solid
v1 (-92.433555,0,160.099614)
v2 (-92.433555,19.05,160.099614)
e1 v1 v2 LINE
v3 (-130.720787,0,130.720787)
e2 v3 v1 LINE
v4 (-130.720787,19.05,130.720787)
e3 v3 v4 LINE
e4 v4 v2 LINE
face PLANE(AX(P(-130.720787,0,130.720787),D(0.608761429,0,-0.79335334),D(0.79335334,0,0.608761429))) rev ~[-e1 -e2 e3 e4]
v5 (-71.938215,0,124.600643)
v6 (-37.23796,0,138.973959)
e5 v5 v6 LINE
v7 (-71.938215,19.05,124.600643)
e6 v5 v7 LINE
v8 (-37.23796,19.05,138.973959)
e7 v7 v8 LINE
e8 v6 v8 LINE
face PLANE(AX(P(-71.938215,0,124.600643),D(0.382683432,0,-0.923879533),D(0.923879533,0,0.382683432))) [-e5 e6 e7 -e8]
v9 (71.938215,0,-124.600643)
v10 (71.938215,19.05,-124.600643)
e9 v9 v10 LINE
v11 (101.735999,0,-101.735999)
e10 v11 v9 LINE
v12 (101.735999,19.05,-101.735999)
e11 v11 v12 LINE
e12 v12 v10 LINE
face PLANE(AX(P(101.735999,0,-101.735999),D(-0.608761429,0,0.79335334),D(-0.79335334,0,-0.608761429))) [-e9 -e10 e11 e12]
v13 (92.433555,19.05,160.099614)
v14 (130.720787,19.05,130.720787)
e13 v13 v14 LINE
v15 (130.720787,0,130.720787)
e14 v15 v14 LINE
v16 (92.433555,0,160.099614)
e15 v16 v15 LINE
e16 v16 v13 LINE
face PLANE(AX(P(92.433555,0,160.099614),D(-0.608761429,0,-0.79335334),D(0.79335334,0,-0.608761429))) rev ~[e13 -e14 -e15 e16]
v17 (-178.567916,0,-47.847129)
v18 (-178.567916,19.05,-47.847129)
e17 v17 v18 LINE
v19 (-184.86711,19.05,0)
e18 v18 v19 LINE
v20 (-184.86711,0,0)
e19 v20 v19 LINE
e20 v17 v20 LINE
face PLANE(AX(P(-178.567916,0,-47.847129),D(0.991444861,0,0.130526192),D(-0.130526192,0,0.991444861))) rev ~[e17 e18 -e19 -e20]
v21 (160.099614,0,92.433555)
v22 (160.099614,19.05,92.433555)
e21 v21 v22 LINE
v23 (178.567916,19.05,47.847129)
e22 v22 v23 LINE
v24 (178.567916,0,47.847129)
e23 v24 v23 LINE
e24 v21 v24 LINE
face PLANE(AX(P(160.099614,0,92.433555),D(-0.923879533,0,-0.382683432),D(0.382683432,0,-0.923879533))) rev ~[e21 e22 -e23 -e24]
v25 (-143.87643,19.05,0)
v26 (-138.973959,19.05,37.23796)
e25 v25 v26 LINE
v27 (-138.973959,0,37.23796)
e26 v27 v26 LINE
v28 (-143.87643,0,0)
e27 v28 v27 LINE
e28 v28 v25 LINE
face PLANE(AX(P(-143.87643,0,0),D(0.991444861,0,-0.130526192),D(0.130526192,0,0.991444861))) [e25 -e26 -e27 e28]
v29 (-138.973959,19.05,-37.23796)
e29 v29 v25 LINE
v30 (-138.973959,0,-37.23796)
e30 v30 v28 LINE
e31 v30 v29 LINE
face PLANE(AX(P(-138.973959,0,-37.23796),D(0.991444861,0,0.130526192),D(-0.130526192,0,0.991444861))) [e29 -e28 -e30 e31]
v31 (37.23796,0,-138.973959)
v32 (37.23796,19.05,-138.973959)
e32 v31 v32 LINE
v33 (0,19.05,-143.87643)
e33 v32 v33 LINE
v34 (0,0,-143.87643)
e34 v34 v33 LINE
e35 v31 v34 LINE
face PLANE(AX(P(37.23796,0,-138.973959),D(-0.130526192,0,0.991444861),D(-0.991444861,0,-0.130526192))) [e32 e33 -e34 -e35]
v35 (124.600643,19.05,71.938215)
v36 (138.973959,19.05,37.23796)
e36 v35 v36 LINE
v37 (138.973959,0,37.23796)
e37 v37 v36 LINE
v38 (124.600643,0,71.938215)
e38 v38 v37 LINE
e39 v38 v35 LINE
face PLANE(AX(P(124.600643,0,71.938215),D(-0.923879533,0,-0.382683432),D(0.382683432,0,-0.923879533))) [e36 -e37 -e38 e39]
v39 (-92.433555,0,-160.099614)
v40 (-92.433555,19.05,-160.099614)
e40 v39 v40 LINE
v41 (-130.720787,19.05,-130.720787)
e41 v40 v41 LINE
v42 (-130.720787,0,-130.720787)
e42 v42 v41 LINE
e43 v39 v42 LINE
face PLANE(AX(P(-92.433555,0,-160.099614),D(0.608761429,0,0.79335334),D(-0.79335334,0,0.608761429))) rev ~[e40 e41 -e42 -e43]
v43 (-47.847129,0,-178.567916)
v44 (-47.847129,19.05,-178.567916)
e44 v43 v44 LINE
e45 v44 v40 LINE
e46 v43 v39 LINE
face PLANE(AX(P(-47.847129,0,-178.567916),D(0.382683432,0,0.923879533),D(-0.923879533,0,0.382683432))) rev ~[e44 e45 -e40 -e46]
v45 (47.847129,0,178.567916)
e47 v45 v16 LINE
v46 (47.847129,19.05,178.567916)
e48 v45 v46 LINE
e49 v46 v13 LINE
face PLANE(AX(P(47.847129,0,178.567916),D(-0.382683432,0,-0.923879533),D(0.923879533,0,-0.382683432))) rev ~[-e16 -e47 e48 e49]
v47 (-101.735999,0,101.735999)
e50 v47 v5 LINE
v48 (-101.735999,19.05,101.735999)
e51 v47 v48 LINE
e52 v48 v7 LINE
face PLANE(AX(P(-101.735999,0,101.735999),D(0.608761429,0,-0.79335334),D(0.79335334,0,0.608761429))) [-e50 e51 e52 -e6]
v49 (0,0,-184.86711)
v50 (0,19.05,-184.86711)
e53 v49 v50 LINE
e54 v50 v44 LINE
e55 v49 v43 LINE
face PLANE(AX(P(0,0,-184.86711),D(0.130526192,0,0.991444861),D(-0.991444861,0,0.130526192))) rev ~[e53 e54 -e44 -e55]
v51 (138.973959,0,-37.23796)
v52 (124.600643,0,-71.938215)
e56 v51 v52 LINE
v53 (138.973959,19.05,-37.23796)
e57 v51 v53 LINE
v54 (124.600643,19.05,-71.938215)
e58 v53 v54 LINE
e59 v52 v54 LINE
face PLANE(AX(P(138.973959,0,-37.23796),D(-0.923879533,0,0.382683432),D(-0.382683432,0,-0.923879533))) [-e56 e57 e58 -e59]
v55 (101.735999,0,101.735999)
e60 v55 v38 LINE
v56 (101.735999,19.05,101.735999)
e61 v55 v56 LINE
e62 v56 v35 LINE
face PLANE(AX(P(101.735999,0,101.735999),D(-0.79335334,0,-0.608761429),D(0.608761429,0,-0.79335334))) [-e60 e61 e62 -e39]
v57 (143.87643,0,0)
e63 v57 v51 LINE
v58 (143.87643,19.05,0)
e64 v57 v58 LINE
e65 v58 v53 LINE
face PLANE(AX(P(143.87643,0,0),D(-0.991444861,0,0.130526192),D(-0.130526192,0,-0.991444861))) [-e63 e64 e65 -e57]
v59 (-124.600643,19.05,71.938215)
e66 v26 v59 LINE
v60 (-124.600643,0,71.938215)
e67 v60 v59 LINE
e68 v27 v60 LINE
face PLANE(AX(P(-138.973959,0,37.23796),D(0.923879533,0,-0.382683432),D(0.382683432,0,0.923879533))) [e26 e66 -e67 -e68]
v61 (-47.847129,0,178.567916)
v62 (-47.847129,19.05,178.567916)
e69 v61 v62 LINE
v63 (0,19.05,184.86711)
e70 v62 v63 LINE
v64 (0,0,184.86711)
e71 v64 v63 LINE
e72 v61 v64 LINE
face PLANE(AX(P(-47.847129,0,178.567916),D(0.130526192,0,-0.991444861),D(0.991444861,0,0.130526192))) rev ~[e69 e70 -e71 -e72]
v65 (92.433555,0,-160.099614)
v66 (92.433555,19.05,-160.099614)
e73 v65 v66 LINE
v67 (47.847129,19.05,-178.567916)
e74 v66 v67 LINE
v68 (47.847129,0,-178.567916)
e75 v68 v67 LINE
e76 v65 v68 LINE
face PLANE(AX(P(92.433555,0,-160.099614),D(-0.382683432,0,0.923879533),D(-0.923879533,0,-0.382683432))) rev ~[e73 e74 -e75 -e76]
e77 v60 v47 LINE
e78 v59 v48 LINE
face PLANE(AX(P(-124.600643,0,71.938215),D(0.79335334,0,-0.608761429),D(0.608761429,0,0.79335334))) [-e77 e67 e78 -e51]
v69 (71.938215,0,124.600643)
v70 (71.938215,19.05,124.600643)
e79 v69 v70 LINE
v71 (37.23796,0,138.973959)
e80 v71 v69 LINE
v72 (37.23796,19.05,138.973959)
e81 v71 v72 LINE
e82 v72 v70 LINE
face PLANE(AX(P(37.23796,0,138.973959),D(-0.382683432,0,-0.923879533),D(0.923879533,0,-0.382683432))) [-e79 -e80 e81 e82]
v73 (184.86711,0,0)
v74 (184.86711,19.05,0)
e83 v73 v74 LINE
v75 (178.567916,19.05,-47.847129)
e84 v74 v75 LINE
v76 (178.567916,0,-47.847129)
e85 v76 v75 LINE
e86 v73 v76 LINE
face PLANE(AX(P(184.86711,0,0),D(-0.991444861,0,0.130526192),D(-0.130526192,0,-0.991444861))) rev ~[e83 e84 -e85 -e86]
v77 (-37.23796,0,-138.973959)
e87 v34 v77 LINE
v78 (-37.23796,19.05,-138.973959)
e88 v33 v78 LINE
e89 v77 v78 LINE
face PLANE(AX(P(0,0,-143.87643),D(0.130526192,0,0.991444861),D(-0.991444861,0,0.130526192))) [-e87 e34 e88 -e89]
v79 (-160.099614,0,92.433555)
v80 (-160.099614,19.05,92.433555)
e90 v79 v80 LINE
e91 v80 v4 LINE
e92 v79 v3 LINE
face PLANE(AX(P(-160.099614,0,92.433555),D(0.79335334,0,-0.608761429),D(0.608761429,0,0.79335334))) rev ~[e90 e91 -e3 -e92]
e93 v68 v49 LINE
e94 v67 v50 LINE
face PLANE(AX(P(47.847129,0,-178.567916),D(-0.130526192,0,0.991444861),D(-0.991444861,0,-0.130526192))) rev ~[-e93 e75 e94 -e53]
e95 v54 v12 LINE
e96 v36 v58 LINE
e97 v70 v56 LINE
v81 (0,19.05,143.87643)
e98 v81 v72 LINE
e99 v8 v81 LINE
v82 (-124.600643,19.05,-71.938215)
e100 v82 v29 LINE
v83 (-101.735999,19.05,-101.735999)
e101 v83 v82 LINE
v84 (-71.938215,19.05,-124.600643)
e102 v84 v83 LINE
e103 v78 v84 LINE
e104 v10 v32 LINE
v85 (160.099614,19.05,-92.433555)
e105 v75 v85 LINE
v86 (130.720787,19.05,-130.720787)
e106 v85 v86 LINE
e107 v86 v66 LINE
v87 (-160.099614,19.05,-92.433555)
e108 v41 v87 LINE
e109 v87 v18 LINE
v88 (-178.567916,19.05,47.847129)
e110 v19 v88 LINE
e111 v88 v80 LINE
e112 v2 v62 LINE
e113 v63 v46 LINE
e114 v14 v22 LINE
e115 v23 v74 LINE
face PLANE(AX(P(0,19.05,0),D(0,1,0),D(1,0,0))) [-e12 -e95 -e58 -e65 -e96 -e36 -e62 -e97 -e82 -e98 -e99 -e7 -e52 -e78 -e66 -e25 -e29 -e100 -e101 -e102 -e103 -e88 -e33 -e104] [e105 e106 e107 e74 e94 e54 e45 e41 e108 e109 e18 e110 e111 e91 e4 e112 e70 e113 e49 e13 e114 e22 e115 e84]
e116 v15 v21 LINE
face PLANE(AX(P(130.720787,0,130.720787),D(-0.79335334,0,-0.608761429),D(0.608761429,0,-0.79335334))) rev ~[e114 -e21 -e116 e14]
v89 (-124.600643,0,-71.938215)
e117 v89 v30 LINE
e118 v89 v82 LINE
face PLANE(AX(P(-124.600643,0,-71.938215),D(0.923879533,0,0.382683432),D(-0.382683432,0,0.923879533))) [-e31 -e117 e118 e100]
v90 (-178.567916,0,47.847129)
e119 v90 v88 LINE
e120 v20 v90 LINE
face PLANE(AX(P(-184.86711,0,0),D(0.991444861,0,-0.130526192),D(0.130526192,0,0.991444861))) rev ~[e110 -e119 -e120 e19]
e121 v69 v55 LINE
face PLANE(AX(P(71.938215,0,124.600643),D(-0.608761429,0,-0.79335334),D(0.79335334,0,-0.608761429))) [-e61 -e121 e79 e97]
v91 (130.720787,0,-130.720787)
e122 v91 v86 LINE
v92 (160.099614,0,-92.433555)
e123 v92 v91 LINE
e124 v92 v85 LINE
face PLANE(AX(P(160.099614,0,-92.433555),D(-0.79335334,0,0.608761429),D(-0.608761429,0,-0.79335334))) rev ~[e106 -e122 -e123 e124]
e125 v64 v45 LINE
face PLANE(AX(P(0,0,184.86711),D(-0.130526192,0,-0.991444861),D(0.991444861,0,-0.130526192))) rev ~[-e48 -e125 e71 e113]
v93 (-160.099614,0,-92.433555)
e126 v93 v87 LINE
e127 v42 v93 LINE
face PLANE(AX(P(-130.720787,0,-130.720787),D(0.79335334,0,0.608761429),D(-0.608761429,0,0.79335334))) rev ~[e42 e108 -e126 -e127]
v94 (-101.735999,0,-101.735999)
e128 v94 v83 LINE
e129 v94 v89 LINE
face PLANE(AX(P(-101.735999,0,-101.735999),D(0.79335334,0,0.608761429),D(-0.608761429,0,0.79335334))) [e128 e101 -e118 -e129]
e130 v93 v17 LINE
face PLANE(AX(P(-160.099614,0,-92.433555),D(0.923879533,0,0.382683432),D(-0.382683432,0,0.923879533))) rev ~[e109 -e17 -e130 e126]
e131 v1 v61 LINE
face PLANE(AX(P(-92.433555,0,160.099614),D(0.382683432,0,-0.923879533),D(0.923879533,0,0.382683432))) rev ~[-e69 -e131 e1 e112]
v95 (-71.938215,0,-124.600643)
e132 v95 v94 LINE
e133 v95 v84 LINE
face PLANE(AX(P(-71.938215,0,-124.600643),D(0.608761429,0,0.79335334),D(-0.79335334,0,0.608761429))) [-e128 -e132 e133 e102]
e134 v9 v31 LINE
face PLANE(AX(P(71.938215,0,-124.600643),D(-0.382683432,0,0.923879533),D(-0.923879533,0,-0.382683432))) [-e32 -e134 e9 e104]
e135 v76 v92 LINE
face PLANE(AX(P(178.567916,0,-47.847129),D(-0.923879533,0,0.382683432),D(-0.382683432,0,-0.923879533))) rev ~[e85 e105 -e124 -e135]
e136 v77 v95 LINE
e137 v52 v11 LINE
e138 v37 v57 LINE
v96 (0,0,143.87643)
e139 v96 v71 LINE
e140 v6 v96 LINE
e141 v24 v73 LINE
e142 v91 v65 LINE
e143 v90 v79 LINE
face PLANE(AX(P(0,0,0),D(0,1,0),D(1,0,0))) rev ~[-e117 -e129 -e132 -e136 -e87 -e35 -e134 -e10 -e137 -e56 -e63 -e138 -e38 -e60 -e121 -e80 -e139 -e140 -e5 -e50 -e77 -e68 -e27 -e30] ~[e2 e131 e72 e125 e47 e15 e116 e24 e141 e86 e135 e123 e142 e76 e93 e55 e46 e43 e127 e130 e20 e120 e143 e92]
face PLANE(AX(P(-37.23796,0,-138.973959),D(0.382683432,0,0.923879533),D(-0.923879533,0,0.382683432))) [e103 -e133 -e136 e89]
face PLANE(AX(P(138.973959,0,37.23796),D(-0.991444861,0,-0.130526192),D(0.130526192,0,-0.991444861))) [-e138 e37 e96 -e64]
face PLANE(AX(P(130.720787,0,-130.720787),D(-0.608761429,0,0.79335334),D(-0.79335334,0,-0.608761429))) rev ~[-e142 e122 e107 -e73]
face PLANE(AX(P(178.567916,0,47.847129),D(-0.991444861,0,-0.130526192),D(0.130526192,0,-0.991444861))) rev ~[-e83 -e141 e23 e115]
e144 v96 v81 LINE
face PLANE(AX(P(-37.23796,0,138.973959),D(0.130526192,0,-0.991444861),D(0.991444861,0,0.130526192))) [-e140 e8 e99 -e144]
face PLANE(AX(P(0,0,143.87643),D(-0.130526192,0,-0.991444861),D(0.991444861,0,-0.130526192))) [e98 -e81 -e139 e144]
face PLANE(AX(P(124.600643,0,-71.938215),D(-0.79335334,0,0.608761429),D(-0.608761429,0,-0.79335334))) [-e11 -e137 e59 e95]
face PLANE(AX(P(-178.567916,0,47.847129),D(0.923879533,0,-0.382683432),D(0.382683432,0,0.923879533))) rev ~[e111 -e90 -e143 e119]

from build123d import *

# Parameters (mm, degrees)
BOSS_EXTRUDE2_DEPTH = 19.05


with BuildPart() as part:
    # Sketch2 → Boss-Extrude2 (new body)
    with BuildSketch(Plane(origin=(0, 0, 0), x_dir=(1, 0, 0), z_dir=(0, 1, 0))):
        Polygon((-184.867110498, 0), (-178.567916461, -47.84712901), (-160.099614015, -92.433555249), (-130.720787451, -130.720787451), (-92.433555249, -160.099614015), (-47.84712901, -178.567916461), (0, -184.867110498), (47.84712901, -178.567916461), (92.433555249, -160.099614015), (130.720787451, -130.720787451), (160.099614015, -92.433555249), (178.567916461, -47.84712901), (184.867110498, 0), (178.567916461, 47.84712901), (160.099614015, 92.433555249), (130.720787451, 130.720787451), (92.433555249, 160.099614015), (47.84712901, 178.567916461), (0, 184.867110498), (-47.84712901, 178.567916461), (-92.433555249, 160.099614015), (-130.720787451, 130.720787451), (-160.099614015, 92.433555249), (-178.567916461, 47.84712901), align=None)
        Polygon((-143.87642954, 0), (-138.973959087, -37.237960106), (-124.600642987, -71.93821477), (-101.735998981, -101.735998981), (-71.93821477, -124.600642987), (-37.237960106, -138.973959087), (0, -143.87642954), (37.237960106, -138.973959087), (71.93821477, -124.600642987), (101.735998981, -101.735998981), (124.600642987, -71.93821477), (138.973959087, -37.237960106), (143.87642954, 0), (138.973959087, 37.237960106), (124.600642987, 71.93821477), (101.735998981, 101.735998981), (71.93821477, 124.600642987), (37.237960106, 138.973959087), (0, 143.87642954), (-37.237960106, 138.973959087), (-71.93821477, 124.600642987), (-101.735998981, 101.735998981), (-124.600642987, 71.93821477), (-138.973959087, 37.237960106), align=None, mode=Mode.SUBTRACT)
    extrude(amount=BOSS_EXTRUDE2_DEPTH)


solid = part.part
